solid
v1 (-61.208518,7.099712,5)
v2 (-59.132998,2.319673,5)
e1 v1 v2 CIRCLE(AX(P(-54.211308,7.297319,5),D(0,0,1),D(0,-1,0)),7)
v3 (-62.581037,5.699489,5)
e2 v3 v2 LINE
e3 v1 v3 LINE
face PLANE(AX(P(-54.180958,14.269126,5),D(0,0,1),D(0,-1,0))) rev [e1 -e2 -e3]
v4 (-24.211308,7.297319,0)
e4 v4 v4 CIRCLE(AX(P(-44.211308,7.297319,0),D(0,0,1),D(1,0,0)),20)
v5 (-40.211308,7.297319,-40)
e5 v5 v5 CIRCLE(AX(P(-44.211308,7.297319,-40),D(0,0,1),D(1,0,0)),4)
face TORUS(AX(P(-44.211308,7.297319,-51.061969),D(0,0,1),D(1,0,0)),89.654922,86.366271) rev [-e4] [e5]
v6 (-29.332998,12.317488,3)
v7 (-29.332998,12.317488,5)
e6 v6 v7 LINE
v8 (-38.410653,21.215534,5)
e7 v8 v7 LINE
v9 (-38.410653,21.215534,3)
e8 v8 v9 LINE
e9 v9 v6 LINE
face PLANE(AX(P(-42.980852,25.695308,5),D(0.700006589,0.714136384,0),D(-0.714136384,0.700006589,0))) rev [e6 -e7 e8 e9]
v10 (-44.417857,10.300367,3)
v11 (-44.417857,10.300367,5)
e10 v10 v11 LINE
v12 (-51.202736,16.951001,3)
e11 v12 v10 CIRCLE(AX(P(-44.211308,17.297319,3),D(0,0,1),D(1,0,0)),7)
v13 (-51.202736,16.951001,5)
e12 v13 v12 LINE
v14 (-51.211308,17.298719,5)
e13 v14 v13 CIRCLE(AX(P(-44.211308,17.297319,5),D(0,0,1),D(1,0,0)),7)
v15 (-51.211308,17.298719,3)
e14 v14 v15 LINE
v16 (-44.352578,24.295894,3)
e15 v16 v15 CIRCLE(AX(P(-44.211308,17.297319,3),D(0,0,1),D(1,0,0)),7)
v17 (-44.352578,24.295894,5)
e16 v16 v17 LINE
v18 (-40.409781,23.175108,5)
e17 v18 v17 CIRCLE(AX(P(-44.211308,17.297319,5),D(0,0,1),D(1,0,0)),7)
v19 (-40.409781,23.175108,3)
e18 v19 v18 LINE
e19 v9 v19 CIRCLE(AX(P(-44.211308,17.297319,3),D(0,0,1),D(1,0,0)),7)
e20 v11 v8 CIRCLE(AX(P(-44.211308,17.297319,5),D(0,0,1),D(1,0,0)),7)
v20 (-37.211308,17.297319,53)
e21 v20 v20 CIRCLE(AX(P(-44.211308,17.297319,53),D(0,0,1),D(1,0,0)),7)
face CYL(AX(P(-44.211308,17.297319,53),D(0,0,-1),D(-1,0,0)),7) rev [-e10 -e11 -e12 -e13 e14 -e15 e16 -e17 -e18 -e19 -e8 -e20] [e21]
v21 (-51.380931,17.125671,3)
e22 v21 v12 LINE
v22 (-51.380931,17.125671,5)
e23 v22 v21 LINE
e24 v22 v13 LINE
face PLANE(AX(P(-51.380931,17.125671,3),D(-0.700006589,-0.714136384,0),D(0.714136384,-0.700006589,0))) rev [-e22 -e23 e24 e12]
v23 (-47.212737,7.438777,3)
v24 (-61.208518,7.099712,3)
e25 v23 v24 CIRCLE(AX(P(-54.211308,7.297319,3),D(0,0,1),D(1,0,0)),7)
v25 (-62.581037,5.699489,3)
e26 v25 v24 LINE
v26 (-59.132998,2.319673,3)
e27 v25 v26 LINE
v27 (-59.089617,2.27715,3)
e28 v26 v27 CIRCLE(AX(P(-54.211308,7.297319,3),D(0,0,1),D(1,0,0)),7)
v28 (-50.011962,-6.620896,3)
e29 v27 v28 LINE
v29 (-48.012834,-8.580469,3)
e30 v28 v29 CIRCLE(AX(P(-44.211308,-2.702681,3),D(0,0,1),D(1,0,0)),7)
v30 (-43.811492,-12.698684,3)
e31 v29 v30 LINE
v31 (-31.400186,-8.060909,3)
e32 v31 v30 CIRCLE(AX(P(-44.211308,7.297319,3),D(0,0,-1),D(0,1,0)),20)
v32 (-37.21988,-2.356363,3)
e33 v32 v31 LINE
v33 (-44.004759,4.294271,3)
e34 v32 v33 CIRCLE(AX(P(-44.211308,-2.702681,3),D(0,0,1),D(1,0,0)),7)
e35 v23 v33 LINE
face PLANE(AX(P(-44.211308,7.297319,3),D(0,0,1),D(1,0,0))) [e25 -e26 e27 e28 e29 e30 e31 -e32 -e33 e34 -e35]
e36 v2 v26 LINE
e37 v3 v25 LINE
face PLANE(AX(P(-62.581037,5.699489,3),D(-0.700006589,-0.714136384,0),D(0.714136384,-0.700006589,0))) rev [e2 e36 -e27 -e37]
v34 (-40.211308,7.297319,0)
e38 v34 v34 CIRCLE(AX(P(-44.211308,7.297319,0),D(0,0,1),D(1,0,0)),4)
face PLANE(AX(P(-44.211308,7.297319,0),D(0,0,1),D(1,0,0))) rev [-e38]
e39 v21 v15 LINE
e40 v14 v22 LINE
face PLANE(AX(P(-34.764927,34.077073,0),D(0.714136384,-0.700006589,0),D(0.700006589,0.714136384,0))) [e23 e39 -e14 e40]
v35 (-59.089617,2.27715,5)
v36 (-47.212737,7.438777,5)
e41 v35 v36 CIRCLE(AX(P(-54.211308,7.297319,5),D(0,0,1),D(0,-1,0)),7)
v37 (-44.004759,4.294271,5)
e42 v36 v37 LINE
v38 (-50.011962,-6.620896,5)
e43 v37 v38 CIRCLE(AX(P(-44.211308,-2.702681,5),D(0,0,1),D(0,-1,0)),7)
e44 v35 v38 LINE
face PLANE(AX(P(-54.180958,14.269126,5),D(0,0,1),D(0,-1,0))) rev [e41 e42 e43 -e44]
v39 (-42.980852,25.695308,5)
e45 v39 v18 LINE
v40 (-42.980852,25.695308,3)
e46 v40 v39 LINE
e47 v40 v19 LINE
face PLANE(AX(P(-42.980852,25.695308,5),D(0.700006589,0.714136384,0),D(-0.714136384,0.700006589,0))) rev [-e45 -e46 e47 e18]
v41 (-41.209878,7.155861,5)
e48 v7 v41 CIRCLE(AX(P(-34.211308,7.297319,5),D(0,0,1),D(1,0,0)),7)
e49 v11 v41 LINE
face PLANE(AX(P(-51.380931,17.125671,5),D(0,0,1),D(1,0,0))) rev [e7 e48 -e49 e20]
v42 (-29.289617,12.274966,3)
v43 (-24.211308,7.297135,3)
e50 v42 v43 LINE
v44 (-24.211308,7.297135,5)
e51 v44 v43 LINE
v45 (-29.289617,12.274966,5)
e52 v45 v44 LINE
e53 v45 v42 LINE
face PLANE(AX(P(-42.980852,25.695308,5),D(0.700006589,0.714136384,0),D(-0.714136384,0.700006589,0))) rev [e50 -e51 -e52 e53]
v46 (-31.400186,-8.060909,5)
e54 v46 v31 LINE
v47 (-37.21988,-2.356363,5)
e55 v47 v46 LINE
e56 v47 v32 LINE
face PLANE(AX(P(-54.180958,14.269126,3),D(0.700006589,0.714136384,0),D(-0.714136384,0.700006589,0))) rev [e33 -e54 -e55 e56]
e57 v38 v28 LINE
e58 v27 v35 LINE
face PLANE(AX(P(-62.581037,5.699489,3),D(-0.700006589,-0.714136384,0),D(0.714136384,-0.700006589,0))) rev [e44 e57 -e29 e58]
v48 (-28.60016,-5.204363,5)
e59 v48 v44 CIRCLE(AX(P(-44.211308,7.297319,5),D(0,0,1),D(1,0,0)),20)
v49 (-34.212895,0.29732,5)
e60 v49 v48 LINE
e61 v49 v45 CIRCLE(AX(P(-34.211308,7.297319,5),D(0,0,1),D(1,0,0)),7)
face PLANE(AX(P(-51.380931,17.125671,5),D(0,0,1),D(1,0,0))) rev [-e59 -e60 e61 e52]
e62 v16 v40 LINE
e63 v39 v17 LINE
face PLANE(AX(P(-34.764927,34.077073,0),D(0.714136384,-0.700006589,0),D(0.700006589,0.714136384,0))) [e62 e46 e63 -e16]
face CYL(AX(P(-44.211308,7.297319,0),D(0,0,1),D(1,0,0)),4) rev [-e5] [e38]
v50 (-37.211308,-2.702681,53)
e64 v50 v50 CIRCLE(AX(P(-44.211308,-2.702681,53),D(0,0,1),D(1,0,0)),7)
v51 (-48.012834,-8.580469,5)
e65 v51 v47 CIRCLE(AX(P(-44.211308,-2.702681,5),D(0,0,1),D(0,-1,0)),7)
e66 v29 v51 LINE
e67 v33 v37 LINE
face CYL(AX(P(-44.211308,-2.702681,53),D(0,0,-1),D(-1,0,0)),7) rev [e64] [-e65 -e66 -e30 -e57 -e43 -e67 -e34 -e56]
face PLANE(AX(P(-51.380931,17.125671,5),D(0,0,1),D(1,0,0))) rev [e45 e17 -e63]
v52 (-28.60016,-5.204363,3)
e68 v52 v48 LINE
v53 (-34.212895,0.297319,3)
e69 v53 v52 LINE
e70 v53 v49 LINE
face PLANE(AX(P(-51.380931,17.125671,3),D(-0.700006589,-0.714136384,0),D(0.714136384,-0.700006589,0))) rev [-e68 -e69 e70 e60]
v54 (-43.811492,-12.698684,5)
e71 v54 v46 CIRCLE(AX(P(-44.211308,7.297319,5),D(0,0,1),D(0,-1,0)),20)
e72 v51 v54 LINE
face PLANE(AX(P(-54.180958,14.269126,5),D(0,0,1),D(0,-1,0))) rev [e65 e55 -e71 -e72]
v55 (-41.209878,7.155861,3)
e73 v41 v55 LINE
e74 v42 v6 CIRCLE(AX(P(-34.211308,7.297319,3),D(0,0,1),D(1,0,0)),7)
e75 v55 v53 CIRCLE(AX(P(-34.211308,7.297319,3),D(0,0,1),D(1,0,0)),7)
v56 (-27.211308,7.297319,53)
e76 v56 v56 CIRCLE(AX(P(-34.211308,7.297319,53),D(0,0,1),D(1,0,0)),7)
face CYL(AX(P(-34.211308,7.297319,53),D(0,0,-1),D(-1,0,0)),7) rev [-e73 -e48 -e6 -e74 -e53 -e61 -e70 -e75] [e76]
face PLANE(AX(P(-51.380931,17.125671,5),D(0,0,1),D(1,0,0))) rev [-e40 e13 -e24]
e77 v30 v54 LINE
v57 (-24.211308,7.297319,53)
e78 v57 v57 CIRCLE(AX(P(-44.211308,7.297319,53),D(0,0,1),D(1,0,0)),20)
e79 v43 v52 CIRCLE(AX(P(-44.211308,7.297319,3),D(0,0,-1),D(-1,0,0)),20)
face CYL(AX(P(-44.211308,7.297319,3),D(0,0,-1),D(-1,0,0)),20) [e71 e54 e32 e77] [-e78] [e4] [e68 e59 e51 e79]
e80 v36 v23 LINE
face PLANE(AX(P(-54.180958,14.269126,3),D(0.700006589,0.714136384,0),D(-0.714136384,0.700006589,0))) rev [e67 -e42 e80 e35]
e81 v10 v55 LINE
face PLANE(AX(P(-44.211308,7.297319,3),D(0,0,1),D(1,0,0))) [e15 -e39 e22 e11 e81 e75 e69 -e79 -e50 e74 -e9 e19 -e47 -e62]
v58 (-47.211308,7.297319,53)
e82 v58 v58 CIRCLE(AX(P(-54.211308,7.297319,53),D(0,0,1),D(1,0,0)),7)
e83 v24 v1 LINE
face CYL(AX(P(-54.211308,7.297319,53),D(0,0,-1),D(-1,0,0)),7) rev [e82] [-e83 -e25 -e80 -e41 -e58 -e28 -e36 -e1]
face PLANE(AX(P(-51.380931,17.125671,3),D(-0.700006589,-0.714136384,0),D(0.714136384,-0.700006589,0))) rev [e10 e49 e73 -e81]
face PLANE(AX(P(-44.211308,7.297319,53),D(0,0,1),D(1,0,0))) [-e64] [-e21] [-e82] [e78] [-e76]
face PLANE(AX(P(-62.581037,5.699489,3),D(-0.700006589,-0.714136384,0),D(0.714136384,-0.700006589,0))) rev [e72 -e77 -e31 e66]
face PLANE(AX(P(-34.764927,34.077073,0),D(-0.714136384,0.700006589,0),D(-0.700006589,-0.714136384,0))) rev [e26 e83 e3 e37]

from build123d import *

# Parameters (mm, degrees)
CROQUIS1_R              = 20
SALIENTE_EXTRUIR1_DEPTH = 3
CROQUIS2_R              = 20
CROQUIS2_R_2            = 7
SALIENTE_EXTRUIR2_DEPTH = 50
CROQUIS6_W              = 2
CROQUIS6_H              = 12
CORTAR_EXTRUIR1_DEPTH   = 32


with BuildPart() as part:
    # Croquis1 → Saliente-Extruir1 (new body)
    with BuildSketch(Plane.XY):
        with Locations((-44.21130789, 7.297319347)):
            Circle(CROQUIS1_R)
    extrude(amount=SALIENTE_EXTRUIR1_DEPTH)

    # Croquis2 → Saliente-Extruir2 (add)
    with BuildSketch(Plane.XY.offset(3)):
        with Locations((-44.21130789, 7.297319347)):
            Circle(CROQUIS2_R)
        with Locations((-44.21130789, 17.297319347)):
            Circle(CROQUIS2_R_2, mode=Mode.SUBTRACT)
        with Locations((-34.21130789, 7.297319347)):
            Circle(CROQUIS2_R_2, mode=Mode.SUBTRACT)
        with Locations((-44.21130789, -2.702680653)):
            Circle(CROQUIS2_R_2, mode=Mode.SUBTRACT)
        with Locations((-54.21130789, 7.297319347)):
            Circle(CROQUIS2_R_2, mode=Mode.SUBTRACT)
    extrude(amount=SALIENTE_EXTRUIR2_DEPTH)

    # Croquis4 → Revolución1 (revolve)
    with BuildSketch(Plane(origin=(0, 7.297319347, 0), x_dir=(1, 0, 0), z_dir=(0, 1, 0))):
        with BuildLine():
            Line((-48.21130789, 0), (-64.21130789, 0))
            ThreePointArc((-64.21130789, 0), (-53.677160121, 18.986340893), (-48.21130789, 40))
            Line((-48.21130789, 40), (-48.21130789, 0))
        make_face()
    revolve(axis=Axis((-44.21130789, 7.297319347, 0), (0, 0, -1)))

    # Croquis6 → Cortar-Extruir1 (cut)
    with BuildSketch(Plane(origin=(-11.912562698, 11.676862537, 0), x_dir=(0, 0, -1), z_dir=(0.714136384, -0.700006589, 0))):
        with Locations((-4, -17.736925603)):
            Rectangle(CROQUIS6_W, CROQUIS6_H)
        with Locations((-4, -33.736925603)):
            Rectangle(CROQUIS6_W, CROQUIS6_H)
    extrude(amount=-CORTAR_EXTRUIR1_DEPTH, mode=Mode.SUBTRACT)


solid = part.part
